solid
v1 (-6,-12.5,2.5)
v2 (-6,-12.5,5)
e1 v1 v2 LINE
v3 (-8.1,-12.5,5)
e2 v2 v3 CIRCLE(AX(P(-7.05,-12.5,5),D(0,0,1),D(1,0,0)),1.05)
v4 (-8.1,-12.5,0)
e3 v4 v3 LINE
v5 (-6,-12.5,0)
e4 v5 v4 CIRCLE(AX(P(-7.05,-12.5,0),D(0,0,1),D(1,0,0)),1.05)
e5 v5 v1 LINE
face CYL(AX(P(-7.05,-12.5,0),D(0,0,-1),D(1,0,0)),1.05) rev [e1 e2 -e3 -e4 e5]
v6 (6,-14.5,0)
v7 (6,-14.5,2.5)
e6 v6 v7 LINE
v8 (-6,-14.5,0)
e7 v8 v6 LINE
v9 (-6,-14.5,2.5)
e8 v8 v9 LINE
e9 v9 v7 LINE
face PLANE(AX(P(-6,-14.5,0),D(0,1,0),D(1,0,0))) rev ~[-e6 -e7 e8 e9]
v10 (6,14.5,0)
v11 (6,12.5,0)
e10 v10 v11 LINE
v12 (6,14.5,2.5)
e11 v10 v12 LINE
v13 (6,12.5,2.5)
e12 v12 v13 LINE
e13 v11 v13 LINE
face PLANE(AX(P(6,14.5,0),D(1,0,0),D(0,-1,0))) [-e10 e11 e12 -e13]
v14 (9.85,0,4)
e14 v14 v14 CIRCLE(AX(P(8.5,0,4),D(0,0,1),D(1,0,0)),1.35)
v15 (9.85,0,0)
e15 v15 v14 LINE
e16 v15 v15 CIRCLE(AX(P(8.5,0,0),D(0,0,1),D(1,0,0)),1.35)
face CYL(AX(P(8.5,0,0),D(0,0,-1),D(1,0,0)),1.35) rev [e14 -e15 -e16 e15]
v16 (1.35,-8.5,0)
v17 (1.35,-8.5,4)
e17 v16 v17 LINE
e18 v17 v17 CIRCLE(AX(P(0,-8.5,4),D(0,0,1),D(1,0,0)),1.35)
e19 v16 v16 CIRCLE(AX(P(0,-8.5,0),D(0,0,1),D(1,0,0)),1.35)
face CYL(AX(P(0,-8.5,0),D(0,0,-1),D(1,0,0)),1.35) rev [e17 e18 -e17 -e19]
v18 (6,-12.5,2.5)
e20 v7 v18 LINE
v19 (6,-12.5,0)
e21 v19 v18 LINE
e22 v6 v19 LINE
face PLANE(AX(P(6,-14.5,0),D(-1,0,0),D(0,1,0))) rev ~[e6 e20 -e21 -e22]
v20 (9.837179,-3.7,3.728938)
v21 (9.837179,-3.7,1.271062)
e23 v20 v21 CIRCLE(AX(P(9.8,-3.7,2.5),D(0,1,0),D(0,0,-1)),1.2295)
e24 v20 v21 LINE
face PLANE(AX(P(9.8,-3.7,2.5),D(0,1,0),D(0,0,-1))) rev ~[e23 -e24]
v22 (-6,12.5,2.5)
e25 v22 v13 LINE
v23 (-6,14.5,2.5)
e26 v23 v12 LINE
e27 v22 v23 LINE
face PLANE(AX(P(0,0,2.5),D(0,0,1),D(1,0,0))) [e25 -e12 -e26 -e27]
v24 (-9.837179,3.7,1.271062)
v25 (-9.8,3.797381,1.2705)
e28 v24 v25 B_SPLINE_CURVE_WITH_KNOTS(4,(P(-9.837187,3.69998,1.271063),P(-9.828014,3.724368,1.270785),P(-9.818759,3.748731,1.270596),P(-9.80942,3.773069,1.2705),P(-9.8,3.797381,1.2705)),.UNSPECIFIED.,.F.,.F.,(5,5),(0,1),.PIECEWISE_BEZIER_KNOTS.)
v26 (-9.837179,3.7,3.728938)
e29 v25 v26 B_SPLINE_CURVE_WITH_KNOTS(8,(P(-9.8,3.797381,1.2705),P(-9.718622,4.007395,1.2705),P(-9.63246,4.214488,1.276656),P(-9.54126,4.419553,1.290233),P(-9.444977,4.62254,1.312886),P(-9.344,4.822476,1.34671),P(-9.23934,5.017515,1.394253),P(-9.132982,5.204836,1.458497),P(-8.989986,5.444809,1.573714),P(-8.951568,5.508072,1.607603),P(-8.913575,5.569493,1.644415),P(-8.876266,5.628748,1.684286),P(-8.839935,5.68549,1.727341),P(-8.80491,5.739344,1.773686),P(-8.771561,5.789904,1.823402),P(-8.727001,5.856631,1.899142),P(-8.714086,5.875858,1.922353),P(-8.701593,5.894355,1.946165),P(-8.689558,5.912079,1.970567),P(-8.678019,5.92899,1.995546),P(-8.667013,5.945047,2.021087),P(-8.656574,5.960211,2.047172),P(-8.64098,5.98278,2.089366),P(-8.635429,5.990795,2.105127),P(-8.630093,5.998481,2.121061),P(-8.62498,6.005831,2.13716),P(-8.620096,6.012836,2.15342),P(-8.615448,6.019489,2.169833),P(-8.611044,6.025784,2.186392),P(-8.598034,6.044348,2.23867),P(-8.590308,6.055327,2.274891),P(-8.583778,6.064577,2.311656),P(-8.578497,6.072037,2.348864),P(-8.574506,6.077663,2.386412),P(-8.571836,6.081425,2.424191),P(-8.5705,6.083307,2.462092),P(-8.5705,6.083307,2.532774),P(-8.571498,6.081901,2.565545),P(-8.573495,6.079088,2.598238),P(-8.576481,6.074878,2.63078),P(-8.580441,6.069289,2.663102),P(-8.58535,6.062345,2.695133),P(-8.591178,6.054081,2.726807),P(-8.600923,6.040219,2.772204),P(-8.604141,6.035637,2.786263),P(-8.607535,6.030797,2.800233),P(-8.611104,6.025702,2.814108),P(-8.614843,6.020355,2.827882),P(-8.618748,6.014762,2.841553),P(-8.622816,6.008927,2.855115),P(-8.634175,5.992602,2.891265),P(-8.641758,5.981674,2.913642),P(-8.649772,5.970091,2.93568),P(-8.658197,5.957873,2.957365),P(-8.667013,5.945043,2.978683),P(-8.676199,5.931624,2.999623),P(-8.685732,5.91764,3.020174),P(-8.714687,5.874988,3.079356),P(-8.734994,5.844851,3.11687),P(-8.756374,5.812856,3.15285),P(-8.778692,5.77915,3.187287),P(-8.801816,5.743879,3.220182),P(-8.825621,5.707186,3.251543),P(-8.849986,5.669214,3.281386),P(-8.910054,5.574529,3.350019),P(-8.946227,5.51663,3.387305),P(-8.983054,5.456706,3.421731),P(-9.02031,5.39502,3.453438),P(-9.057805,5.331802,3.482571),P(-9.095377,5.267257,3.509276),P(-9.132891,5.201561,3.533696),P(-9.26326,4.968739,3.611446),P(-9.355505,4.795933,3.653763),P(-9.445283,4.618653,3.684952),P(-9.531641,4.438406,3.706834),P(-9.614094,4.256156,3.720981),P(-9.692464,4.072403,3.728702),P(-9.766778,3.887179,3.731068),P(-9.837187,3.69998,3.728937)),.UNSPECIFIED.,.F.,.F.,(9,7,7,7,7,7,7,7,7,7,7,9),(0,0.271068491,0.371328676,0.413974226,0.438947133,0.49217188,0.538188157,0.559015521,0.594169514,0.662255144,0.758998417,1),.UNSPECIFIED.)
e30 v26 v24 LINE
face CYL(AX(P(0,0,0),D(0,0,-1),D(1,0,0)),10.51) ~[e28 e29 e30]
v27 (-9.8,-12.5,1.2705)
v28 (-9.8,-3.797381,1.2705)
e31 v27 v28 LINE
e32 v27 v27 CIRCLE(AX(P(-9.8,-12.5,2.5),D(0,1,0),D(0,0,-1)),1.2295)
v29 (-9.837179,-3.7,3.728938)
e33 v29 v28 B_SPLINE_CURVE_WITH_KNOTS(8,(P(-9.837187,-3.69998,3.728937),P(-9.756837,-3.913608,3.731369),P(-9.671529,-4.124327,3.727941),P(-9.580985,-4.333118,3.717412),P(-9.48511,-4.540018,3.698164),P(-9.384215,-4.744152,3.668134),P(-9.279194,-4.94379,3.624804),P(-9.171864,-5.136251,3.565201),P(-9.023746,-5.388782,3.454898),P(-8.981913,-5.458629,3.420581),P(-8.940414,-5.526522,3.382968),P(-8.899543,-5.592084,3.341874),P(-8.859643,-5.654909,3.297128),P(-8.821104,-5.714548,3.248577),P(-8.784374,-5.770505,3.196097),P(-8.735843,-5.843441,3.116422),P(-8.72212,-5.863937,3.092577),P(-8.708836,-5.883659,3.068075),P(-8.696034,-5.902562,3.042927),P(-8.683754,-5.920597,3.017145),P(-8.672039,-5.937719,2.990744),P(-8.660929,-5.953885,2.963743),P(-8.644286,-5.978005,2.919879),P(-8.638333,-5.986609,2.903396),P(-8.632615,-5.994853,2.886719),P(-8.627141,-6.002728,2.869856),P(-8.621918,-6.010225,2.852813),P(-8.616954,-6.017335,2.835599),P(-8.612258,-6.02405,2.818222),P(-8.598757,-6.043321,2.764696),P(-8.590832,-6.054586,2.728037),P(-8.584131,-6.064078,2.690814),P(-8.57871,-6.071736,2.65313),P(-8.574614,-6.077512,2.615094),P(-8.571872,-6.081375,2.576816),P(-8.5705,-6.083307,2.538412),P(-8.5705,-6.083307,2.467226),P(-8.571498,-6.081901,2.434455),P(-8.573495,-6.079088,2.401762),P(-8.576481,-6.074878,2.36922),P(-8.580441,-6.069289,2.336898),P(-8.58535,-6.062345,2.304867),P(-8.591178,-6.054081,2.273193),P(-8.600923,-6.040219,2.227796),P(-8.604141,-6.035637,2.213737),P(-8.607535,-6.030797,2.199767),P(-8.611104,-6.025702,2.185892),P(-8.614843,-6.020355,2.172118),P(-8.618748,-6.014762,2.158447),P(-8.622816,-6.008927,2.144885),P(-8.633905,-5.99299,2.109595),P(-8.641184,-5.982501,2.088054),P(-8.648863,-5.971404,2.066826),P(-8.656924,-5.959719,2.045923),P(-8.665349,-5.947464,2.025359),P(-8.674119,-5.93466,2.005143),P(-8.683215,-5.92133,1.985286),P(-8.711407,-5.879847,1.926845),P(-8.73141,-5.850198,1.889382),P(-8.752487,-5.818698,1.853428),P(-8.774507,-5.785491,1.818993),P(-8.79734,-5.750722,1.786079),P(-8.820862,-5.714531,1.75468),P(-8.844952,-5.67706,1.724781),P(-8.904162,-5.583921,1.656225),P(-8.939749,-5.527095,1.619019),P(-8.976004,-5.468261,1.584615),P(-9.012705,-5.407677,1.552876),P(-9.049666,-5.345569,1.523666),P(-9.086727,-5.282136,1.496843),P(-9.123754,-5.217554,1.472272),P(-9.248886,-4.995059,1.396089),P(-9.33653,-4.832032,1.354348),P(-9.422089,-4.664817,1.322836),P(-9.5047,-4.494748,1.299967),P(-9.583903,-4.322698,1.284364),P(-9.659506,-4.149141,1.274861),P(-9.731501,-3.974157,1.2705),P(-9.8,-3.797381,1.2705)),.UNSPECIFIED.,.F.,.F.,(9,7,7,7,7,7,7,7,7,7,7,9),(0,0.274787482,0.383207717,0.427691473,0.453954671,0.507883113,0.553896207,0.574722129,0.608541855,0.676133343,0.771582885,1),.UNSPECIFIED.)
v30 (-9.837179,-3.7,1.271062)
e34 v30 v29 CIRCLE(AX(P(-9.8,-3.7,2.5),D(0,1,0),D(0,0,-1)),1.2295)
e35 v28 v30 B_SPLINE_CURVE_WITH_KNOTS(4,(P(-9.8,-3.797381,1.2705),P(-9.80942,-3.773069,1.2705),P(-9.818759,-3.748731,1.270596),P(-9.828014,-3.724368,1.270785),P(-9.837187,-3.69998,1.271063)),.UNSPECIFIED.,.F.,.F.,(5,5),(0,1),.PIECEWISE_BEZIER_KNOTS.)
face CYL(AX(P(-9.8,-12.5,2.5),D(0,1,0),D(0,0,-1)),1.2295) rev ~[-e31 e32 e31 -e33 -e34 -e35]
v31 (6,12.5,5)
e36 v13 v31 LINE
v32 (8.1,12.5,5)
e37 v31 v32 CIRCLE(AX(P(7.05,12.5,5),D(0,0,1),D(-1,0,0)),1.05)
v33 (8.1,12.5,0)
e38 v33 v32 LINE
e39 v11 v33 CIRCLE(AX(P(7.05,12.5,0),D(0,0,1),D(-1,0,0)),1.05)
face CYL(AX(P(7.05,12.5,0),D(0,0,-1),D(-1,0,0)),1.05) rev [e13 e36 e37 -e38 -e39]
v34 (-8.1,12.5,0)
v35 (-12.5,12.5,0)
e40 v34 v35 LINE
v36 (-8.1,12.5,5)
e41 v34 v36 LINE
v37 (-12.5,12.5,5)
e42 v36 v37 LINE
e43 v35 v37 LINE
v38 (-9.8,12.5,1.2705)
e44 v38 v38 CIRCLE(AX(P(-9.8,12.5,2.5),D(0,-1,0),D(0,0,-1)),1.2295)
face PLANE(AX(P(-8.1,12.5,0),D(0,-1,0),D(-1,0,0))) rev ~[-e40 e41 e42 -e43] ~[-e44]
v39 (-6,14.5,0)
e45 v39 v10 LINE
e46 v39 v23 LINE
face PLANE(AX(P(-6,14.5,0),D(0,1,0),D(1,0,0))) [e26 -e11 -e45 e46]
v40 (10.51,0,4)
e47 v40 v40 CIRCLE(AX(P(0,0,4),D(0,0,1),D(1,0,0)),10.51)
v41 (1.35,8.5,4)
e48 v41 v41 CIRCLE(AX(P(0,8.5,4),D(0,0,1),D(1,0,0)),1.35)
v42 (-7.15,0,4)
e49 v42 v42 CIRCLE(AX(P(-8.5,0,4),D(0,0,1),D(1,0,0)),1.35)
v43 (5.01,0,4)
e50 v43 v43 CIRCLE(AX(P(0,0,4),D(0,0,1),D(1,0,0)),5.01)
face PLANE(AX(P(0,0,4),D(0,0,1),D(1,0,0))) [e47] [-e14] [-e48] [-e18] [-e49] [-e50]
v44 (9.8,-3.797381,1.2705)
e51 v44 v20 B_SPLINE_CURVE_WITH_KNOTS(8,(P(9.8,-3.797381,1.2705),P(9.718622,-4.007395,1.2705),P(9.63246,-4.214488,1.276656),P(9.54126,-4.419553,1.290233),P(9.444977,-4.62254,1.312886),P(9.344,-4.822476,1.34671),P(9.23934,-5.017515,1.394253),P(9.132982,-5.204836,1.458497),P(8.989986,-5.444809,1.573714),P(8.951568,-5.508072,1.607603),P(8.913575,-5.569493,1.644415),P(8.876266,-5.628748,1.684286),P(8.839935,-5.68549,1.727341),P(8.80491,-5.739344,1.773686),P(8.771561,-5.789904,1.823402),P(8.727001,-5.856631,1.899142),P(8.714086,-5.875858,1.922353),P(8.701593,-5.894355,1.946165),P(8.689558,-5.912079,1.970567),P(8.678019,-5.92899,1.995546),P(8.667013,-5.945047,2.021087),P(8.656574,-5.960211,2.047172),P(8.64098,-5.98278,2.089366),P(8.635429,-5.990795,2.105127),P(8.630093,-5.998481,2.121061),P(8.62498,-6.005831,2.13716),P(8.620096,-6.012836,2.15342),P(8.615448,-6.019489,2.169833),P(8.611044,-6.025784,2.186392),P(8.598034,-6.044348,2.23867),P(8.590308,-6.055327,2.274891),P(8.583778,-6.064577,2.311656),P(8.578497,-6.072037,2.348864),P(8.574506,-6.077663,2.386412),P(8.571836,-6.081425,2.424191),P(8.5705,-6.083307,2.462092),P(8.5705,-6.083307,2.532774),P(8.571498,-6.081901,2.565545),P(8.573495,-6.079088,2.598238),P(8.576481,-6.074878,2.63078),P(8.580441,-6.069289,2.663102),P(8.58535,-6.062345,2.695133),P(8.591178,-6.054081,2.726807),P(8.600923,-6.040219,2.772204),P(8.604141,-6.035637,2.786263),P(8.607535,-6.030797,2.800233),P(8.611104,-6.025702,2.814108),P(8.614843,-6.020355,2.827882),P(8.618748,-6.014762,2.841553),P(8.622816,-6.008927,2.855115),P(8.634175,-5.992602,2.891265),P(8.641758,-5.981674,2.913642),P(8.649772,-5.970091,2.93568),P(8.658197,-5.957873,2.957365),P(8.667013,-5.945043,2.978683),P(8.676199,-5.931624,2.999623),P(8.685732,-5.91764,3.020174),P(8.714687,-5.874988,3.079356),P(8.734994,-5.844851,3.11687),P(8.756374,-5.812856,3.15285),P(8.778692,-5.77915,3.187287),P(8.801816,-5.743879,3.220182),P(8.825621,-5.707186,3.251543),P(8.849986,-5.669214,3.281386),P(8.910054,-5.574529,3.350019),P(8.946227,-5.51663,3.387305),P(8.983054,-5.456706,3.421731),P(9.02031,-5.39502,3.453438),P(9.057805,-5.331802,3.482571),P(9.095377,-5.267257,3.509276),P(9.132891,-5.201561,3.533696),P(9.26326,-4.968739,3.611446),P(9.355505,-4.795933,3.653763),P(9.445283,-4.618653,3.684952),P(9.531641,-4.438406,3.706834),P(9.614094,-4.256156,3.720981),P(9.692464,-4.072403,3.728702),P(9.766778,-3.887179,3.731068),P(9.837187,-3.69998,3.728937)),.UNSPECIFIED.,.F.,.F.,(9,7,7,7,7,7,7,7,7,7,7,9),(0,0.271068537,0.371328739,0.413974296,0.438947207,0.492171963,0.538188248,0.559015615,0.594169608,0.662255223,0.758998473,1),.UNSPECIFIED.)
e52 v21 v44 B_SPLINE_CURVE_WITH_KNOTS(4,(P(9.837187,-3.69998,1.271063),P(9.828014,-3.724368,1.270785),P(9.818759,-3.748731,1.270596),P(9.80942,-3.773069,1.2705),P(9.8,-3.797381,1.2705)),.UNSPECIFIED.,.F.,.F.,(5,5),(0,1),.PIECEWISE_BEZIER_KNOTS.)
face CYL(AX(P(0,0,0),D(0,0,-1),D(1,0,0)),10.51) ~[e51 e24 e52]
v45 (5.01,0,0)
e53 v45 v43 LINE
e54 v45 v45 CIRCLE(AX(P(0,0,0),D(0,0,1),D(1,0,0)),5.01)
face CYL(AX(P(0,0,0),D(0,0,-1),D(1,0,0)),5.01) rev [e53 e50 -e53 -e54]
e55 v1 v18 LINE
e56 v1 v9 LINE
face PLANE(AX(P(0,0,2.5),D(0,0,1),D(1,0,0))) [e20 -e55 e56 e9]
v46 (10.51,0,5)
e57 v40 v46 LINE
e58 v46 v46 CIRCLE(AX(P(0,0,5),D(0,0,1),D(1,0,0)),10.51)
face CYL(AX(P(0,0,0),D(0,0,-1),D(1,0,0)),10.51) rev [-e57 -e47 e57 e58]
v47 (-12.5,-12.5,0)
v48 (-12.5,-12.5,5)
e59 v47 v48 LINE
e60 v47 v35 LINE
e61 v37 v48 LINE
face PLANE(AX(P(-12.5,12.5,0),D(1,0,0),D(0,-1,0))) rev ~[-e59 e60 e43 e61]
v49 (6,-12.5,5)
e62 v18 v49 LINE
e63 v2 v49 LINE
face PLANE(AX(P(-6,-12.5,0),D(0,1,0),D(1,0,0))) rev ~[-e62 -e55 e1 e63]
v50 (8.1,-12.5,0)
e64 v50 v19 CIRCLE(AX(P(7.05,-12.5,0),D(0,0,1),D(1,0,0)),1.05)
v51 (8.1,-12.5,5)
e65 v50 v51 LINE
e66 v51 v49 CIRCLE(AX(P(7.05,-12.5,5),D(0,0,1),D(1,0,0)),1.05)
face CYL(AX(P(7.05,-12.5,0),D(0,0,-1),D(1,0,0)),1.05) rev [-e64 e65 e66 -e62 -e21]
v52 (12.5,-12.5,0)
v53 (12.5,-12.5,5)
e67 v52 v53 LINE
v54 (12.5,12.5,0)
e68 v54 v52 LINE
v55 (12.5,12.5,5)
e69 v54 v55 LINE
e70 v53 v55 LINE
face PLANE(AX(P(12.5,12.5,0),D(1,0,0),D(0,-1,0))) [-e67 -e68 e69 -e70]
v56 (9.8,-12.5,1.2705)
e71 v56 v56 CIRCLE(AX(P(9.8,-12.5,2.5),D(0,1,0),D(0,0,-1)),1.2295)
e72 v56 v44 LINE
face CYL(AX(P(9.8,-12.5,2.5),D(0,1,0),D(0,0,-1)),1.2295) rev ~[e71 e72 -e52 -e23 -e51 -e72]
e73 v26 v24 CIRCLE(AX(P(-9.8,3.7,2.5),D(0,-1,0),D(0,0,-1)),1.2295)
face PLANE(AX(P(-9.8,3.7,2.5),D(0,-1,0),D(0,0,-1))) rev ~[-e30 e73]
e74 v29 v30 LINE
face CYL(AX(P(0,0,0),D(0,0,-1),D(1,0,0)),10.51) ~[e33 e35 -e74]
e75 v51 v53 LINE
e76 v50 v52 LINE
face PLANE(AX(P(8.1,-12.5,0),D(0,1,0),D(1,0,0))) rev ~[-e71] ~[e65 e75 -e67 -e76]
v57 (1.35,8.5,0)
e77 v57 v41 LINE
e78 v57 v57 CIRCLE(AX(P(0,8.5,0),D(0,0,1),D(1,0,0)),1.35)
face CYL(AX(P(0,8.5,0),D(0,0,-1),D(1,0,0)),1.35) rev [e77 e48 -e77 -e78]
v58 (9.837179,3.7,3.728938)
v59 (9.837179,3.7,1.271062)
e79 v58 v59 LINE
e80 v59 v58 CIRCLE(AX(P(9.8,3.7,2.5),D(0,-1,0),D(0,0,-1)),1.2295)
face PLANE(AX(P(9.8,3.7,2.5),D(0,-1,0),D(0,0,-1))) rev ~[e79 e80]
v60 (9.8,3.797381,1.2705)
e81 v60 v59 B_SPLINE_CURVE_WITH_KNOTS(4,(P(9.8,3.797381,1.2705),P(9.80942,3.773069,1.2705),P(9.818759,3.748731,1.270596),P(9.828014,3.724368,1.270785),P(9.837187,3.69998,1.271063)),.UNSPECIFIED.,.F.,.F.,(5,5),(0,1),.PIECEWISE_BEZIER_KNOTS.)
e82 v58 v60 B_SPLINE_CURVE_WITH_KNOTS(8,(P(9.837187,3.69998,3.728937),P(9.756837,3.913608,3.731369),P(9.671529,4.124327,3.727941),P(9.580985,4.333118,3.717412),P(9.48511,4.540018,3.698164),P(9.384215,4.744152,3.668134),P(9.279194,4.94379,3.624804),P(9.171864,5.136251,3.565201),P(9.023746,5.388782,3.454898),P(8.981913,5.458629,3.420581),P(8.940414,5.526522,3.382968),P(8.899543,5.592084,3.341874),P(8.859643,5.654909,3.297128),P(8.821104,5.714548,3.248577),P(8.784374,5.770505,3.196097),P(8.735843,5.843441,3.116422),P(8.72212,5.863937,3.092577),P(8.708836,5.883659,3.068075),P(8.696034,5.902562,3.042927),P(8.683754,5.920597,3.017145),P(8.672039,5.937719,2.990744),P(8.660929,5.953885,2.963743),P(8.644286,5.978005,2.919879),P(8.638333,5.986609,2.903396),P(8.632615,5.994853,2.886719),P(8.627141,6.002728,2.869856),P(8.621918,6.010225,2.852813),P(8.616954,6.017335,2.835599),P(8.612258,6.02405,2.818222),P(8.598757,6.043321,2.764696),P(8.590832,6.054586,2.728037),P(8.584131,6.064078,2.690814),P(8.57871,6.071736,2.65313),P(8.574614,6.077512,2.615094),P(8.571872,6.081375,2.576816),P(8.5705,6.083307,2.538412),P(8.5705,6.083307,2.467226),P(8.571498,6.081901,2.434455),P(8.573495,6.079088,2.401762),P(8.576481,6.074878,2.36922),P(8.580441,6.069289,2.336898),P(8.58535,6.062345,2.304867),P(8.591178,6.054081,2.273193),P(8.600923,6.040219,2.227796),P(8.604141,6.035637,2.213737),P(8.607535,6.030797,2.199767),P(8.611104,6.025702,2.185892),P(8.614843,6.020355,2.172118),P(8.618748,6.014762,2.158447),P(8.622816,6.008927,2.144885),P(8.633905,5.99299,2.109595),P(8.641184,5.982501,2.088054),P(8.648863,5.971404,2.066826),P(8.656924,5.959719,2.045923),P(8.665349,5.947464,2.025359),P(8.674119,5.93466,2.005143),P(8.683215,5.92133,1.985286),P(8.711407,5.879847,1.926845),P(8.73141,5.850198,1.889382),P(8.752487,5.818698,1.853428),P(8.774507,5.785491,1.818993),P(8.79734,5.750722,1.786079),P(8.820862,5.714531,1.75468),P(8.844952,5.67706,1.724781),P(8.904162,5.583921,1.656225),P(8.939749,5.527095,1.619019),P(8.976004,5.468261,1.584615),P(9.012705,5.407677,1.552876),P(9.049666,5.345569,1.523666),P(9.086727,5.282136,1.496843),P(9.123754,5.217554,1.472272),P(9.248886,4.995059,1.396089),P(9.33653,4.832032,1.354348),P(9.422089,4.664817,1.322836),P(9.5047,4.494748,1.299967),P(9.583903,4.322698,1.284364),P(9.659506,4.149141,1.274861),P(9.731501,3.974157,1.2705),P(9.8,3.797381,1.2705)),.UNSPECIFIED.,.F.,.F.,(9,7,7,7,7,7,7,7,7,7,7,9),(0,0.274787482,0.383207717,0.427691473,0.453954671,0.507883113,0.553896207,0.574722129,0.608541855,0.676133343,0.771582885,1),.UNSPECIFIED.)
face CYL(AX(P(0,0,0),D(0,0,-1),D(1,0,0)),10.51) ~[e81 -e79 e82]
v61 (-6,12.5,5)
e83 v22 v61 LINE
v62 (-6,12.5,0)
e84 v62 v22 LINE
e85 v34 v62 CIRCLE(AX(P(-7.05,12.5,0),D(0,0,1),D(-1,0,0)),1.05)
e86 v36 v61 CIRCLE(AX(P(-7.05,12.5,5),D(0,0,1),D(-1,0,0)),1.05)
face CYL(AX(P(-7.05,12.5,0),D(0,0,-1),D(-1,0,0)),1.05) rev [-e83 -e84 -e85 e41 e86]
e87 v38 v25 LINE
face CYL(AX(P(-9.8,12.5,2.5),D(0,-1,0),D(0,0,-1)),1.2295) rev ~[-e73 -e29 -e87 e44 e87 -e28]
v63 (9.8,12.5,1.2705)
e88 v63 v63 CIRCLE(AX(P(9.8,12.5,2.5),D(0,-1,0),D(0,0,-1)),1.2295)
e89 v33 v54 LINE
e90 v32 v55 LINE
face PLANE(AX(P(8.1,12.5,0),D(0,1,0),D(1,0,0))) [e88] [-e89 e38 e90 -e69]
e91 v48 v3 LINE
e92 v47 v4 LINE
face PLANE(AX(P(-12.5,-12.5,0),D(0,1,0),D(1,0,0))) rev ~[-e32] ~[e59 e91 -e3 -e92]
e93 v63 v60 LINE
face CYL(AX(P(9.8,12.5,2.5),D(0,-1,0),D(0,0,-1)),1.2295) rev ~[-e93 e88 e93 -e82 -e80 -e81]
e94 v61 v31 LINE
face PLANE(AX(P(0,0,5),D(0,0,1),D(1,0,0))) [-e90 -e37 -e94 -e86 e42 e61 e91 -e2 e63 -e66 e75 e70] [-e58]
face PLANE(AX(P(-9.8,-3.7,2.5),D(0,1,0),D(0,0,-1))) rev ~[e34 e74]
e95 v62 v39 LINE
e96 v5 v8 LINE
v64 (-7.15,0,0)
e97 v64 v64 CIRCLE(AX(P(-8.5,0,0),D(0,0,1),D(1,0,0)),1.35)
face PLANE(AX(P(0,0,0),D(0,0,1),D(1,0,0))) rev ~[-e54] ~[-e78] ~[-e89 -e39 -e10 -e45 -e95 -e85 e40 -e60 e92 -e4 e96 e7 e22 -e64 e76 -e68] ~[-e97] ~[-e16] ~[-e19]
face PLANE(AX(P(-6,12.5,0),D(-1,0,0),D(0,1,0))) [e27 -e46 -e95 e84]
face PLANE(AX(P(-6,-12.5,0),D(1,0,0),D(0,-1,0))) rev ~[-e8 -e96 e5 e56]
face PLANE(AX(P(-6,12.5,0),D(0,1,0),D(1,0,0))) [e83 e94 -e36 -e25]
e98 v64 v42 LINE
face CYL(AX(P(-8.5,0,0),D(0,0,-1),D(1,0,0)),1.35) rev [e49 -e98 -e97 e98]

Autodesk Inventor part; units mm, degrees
ref_plane "YZ Plane" through (0, 0, 0) normal (1, 0, 0) x (0, 1, 0)
ref_plane "XZ Plane" through (0, 0, 0) normal (0, 1, 0) x (-1, 0, 0)
ref_plane "XY Plane" through (0, 0, 0) normal (0, 0, 1) x (1, 0, 0)
sketch "スケッチ1" plane through (0, 0, 0) normal (0, 0, 1) x (1, 0, 0)
  line L0 (12.5, -12.5) -> (12.5, 12.5) construction
  line L1 (-12.5, 12.5) -> (-12.5, -12.5) construction
  line L2 (-12.5, -12.5) -> (12.5, 12.5) construction
  line L3 (12.5, -12.5) -> (-12.5, 12.5) construction
  line L4 (-8.1, 12.5) -> (-12.5, 12.5)
  line L5 (-12.5, 12.5) -> (-12.5, 8.9019)
  line L6 (8.1, 12.5) -> (12.5, 12.5)
  line L7 (12.5, 12.5) -> (12.5, 8.1)
  line L8 (-12.5, -7.2981) -> (-12.5, -12.5)
  line L9 (-12.5, -12.5) -> (-8.1, -12.5)
  line L10 (8.1, -12.5) -> (12.5, -12.5)
  line L11 (12.5, -12.5) -> (12.5, -8.1)
  line L12 (-6, 12.5) -> (-6, 14.5)
  line L13 (-6, 14.5) -> (6, 14.5)
  line L14 (6, 14.5) -> (6, 12.5)
  arc A0 (-8.1, 12.5) -> (-6, 12.5) centre (-7.05, 12.5) ccw
  arc A1 (6, 12.5) -> (8.1, 12.5) centre (7.05, 12.5) ccw
  line L15 (0, 12.5) -> (0, 0) construction
  line L16 (0, 0) -> (12.5, 0) construction
  line L17 (-6, -12.5) -> (-6, -14.5)
  line L18 (-6, -14.5) -> (6, -14.5)
  line L19 (6, -14.5) -> (6, -12.5)
  arc A2 (-6, -12.5) -> (-8.1, -12.5) centre (-7.05, -12.5) ccw
  arc A3 (8.1, -12.5) -> (6, -12.5) centre (7.05, -12.5) ccw
  line L20 (-11.35, 12.5) -> (-8.25, 12.5) construction
  line L21 (-8.25, 12.5) -> (-8.25, 8.5) construction
  line L22 (-8.25, 8.5) -> (-11.35, 8.5) construction
  line L23 (-11.35, 8.5) -> (-11.35, 12.5) construction
  line L24 (-12.5, 6.7519) -> (-12.5, 9.8519) construction
  line L25 (-9.8, 12.5) -> (-9.8, 8.5) construction
  line L26 (-12.5, -12.5) -> (-12.5, 12.5)
  line L27 (12.5, -12.5) -> (12.5, 12.5)
  line L28 (0, -14.5) -> (0, 14.5) construction
  circle A4 centre (0, -8.5) radius 1.35
  circle A5 centre (8.5, 0) radius 1.35
  circle A6 centre (0, 8.5) radius 1.35
  circle A7 centre (-8.5, 0) radius 1.35
  circle A8 centre (0, 0) radius 5.01
  circle A9 centre (0, 0) radius 10.51
  line L29 (-6, 12.5) -> (6, 12.5)
  line L30 (-6, -12.5) -> (6, -12.5)
  dimension "d0" = 25
  dimension "d1" = 1.05
  dimension "d3" = 6.5
  dimension "d4" = 3.1
  dimension "d6" = 4
  dimension "d18" = 2.7
  dimension "d46" = 25
  dimension "d58" = 2.7
  dimension "d59" = 8.5
  dimension "d62" = 360
  dimension "d64" = 10.02
  dimension "d65" = 21.02
  dimension "d68" = 2
extrude "押し出し1" add sketch "スケッチ1" along normal blind 5 contours A0 L29 A1 L6 L7 L27 L11 L10 A3 L30 A2 L9 L8 L26 L5 L4
sketch "スケッチ2" plane through (-12.5, -12.5, 5) normal (0, -1, 0) x (1, 0, 0)
  line L0 (12.5, 0) -> (12.5, -5.2657) construction
  line L1 (0, -2.5) -> (22.3, -2.5) construction
  line L2 (25, -5) -> (25, 0) projected
  line L3 (0, -5) -> (0, 0) projected
  line L4 (0, 0) -> (4.4, 0) projected
  point P0 (12.5, -5)
  point P1 (2.7, -2.5)
  dimension "d56" = 2.7
  dimension "d57" = 2.7
  dimension "d69" = 2.5
hole "穴1" at (-9.8, -12.5, 2.5) at (9.8, -12.5, 2.5) direction (0, 1, 0) diameter 2.459 depth 8.8 thread size "M3x0.5" class "6H" standard "ISO Metric profile"
pattern_circular "円形状パターン1" count 2 over 360 about axis through (0, 0, -10) along (0, 0, 1) of "穴1"
extrude "押し出し2" add sketch "スケッチ1" along normal blind 4 contours A9
extrude "押し出し3" add sketch "スケッチ1" along normal blind 2.5 contours L12 L13 L14 L29 | L30 L19 L18 L17
equation "\"d57\" = d56"
properties part number "Head_horn_frame" material "アセタール樹脂、黒"
